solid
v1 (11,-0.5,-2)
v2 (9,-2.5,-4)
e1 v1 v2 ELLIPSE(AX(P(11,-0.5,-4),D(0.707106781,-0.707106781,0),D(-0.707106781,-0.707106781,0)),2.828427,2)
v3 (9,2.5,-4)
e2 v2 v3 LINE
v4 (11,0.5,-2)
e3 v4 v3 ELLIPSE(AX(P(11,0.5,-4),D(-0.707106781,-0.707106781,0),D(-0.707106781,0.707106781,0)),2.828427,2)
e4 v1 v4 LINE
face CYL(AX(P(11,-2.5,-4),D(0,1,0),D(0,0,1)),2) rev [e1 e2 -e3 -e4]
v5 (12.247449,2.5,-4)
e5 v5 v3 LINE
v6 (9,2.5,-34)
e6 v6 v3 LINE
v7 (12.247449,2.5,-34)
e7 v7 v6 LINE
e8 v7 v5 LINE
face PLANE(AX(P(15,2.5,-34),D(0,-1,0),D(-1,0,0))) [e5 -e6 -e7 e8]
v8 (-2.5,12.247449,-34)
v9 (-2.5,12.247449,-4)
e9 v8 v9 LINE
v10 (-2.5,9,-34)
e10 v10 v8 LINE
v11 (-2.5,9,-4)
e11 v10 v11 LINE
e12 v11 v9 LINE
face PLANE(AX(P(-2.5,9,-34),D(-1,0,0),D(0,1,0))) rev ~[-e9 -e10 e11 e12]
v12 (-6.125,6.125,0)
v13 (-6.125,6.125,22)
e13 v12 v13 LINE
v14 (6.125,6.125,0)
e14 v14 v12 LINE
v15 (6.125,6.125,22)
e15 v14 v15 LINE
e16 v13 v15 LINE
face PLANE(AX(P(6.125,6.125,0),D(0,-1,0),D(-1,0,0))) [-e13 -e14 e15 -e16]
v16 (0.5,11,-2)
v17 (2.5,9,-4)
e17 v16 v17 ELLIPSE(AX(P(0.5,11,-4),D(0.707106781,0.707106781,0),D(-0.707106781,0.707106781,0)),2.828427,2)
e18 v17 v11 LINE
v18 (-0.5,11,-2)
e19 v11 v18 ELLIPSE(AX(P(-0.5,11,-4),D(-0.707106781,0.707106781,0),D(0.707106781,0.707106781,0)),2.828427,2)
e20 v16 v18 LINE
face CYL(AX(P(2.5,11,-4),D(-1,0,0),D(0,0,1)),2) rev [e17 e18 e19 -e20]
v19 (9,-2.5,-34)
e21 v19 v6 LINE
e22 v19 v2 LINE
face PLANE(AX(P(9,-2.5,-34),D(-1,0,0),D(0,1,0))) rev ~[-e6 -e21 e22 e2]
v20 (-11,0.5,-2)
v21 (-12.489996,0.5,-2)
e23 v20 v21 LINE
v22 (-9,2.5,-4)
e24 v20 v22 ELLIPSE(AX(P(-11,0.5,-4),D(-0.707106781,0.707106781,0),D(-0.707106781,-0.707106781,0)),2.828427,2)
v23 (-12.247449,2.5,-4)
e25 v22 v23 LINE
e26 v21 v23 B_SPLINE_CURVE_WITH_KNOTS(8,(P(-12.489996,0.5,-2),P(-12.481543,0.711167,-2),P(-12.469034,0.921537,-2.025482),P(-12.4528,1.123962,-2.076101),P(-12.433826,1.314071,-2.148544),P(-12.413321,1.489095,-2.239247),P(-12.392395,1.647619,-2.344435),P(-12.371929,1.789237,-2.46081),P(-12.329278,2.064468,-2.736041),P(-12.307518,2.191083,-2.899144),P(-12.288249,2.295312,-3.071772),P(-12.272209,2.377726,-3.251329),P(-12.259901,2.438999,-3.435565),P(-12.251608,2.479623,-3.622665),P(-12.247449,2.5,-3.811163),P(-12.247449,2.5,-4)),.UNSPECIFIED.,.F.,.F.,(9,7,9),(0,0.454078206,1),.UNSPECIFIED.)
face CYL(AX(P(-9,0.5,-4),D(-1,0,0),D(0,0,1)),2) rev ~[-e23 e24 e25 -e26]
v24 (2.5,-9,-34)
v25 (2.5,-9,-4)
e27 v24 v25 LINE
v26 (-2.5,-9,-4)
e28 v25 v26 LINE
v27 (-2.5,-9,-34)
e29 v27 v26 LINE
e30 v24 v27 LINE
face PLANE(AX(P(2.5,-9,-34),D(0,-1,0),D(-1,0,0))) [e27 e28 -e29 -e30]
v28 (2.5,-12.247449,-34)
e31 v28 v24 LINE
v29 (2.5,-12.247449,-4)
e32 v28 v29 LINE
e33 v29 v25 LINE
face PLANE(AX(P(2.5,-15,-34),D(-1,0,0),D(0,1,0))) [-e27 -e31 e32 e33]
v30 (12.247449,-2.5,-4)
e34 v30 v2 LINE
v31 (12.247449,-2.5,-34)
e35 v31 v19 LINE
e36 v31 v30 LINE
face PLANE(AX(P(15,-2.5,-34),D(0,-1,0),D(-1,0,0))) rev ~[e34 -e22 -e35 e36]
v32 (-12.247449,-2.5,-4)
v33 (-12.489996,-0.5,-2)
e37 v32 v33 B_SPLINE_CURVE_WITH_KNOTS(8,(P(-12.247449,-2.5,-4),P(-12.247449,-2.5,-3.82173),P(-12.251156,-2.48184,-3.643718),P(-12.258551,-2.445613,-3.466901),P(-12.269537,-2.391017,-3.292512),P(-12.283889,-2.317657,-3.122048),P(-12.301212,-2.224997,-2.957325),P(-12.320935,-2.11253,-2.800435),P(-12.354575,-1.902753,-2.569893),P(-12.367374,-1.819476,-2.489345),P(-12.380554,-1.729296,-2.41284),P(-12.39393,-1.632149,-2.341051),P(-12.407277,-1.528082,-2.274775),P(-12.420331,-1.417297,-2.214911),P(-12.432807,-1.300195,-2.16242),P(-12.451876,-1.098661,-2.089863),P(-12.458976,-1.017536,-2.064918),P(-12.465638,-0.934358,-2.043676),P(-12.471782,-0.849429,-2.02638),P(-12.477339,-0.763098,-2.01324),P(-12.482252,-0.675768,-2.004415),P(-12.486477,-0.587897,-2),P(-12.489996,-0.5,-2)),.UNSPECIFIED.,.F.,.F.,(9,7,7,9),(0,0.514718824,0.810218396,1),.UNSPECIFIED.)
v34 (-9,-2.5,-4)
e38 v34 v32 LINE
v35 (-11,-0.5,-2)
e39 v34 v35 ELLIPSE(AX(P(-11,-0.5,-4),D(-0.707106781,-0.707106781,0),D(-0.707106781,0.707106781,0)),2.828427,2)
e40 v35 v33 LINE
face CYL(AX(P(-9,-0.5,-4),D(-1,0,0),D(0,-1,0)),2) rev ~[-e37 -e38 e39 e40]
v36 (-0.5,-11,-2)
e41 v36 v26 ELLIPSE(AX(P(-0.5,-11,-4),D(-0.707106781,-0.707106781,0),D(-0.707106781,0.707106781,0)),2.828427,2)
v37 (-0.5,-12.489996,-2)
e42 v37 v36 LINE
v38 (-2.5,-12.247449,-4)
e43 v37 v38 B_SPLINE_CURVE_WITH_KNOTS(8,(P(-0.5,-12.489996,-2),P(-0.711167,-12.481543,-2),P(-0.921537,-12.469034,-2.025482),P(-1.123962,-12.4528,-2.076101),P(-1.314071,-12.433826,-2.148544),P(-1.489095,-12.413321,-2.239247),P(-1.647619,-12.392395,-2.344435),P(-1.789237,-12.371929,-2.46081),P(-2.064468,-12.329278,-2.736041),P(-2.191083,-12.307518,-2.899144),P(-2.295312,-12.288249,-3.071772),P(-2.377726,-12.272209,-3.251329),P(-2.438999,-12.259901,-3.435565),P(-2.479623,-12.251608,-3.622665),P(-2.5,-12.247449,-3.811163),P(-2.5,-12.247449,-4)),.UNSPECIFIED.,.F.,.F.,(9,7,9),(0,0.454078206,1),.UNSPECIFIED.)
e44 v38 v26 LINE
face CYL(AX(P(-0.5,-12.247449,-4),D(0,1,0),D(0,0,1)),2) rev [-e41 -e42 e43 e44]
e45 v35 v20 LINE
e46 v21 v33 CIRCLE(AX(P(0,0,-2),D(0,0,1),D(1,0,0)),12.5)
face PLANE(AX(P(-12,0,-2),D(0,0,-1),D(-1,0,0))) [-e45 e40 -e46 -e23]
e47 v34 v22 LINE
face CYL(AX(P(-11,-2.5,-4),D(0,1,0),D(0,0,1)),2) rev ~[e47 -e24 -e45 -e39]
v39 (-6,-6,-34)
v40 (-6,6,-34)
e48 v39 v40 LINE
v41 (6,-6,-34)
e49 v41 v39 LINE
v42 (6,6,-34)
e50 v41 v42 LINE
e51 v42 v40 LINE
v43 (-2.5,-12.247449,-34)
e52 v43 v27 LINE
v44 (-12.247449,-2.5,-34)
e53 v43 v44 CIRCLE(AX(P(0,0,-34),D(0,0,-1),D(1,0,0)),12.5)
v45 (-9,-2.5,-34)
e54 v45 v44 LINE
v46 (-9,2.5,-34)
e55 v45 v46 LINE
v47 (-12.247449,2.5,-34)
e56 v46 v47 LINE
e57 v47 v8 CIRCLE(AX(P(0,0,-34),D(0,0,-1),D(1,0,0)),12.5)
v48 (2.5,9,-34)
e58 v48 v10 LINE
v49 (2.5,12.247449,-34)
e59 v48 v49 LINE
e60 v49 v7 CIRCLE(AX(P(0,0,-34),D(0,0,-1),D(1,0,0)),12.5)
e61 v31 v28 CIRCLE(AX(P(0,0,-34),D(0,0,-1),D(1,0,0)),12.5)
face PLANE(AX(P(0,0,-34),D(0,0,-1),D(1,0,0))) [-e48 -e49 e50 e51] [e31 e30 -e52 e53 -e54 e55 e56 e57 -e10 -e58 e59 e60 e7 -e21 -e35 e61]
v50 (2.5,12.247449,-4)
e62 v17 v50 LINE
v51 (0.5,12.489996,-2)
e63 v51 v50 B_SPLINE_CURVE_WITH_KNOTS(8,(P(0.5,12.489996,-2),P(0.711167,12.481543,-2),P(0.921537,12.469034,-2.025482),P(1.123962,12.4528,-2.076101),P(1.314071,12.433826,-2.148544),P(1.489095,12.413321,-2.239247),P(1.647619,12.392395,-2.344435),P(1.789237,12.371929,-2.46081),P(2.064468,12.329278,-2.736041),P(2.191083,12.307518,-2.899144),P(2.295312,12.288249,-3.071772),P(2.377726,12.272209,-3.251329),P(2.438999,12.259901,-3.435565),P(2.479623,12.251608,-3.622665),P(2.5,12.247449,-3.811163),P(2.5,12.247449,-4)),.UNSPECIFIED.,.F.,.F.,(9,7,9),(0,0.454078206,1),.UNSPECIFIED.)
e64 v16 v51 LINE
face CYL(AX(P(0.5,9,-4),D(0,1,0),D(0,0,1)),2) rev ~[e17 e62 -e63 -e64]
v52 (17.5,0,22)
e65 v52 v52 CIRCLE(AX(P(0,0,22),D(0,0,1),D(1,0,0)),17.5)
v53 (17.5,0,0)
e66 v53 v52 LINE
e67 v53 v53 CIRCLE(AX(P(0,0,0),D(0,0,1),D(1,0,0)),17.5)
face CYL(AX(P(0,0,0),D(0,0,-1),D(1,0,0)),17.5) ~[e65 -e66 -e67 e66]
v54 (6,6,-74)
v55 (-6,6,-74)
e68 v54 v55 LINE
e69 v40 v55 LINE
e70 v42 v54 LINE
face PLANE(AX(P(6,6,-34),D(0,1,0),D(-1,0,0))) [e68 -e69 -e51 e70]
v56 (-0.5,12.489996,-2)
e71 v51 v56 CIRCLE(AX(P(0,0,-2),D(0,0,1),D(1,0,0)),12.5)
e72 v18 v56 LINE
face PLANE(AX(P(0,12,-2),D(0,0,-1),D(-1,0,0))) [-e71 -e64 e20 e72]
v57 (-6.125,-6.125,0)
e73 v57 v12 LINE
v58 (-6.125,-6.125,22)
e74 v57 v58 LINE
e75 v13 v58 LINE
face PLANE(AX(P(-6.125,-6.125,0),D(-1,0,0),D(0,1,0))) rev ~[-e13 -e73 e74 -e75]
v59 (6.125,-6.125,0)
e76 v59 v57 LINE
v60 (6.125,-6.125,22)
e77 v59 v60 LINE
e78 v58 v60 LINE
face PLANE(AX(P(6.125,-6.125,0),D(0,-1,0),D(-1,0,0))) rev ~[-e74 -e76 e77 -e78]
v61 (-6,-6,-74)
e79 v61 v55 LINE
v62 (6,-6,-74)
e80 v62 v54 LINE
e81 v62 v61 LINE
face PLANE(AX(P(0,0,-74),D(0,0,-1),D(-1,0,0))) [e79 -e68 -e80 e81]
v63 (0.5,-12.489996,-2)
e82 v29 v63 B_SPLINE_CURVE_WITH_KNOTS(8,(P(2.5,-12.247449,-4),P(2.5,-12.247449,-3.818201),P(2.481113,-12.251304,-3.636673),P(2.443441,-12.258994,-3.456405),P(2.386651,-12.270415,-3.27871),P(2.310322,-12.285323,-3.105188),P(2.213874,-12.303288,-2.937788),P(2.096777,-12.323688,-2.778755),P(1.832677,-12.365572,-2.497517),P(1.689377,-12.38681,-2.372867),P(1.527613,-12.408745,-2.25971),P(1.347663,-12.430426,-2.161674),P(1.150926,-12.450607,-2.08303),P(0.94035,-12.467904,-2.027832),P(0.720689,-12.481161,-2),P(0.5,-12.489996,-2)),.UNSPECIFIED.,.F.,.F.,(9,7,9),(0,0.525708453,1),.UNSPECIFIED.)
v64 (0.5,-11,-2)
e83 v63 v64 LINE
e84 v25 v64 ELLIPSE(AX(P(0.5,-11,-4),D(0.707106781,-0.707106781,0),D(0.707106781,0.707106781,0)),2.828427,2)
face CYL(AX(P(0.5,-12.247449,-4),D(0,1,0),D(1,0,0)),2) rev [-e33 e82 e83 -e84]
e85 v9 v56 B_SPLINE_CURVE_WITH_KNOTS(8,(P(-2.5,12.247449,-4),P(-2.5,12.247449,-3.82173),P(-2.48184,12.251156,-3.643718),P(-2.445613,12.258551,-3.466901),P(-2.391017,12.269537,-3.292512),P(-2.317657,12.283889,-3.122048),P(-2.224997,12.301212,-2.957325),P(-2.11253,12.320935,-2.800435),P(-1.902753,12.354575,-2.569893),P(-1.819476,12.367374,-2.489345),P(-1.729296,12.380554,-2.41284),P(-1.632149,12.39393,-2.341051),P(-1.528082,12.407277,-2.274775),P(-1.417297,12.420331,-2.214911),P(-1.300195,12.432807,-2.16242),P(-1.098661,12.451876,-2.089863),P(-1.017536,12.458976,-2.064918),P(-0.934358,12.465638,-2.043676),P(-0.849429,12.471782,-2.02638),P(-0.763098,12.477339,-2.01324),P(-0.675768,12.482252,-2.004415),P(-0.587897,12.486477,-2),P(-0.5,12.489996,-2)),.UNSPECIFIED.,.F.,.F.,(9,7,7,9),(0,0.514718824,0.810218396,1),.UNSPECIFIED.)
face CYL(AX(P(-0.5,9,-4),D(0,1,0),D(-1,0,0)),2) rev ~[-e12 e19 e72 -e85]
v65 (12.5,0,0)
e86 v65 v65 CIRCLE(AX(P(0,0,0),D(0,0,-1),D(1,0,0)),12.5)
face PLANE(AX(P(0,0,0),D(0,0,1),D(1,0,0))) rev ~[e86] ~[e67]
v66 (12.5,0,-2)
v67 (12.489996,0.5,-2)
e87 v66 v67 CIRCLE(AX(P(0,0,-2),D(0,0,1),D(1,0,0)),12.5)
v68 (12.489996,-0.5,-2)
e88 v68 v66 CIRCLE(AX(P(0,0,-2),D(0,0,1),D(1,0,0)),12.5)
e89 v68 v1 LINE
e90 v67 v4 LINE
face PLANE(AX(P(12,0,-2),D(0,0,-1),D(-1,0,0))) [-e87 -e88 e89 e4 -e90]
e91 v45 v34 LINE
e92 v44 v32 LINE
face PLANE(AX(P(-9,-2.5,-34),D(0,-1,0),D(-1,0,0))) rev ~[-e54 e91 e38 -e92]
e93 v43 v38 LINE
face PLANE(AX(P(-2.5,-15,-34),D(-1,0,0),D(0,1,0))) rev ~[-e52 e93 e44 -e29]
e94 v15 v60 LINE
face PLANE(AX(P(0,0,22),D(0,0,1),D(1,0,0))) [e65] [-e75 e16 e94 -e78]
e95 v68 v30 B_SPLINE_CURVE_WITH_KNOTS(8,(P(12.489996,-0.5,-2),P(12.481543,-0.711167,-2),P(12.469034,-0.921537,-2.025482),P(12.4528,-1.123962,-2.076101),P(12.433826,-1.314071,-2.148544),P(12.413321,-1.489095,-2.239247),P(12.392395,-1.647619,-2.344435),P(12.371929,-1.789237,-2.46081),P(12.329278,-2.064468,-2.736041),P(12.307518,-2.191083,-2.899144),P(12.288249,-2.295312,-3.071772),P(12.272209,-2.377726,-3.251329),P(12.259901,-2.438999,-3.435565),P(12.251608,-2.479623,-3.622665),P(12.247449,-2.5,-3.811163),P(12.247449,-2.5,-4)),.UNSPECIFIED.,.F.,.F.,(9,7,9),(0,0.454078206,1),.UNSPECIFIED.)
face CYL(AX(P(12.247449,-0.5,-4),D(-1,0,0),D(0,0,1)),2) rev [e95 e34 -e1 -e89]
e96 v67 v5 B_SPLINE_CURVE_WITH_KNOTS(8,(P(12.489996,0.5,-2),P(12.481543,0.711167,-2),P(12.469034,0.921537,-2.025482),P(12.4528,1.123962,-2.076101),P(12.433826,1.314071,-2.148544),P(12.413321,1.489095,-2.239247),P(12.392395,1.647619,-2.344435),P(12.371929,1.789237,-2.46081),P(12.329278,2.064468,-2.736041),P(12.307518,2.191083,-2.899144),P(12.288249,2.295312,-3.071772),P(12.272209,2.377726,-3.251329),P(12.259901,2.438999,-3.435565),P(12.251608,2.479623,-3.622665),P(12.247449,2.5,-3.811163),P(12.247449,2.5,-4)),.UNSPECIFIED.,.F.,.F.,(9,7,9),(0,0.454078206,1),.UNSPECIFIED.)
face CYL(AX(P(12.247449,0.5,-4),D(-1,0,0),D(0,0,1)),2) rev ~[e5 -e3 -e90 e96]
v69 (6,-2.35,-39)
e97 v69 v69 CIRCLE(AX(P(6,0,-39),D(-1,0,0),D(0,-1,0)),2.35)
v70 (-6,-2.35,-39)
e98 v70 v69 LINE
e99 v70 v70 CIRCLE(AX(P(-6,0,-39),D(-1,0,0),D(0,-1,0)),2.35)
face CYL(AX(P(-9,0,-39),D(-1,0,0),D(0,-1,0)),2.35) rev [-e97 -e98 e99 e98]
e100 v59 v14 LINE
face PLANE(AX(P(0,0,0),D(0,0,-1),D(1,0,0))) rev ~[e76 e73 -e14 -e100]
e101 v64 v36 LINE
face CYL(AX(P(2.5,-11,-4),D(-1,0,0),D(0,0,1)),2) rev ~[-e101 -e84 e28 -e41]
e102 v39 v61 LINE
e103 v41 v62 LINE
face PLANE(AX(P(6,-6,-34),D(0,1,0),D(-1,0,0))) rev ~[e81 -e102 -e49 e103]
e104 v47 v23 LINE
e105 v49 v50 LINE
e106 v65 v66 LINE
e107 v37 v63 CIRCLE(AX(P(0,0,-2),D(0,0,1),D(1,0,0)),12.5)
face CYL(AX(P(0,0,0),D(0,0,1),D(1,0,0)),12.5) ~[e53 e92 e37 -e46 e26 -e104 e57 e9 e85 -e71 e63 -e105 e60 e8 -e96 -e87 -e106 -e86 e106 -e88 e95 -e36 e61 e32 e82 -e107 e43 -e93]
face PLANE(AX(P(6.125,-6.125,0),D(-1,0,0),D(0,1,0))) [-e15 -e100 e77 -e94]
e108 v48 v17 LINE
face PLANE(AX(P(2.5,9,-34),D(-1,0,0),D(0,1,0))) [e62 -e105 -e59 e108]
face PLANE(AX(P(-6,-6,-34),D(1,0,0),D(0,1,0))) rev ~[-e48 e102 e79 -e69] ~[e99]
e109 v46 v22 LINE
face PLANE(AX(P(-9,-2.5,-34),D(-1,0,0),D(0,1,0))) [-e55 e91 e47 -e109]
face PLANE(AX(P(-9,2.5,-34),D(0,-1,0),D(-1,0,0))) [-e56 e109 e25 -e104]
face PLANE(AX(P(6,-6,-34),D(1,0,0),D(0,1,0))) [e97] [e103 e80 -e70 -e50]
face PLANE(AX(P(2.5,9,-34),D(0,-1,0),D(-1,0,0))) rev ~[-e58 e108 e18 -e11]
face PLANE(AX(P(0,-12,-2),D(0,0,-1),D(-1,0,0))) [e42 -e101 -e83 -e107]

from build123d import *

# Parameters (mm, degrees)
ESBO_O1_R                  = 17.5
RESSALTO_EXTRUS_O1_DEPTH   = 22
ESBO_O2_W                  = 12.25
ESBO_O2_H                  = 12.25
CORTE_EXTRUS_O1_DEPTH      = 25
ESBO_O3_R                  = 12.5
RESSALTO_EXTRUS_O2_DEPTH   = 34
ESBO_O4_W                  = 5
ESBO_O4_H                  = 6
ESBO_O4_W_2                = 6
ESBO_O4_H_2                = 5
CORTE_EXTRUS_O2_DEPTH      = 32
FILETE2_R                  = 2
FILETE3_R                  = 2
FILETE4_R                  = 2
FILETE5_R                  = 2
ESBO_O5_W                  = 12
ESBO_O5_H                  = 12
RESSALTO_EXTRUS_O3_DEPTH   = 40
CORTE_EXTRUS_O3_DEPTH      = 14
CORTE_EXTRUS_O3_DEPTH_BACK = 15
ESBO_O6_R                  = 2.35


with BuildPart() as part:
    # Esboço1 → Ressalto-extrusão1 (new body)
    with BuildSketch(Plane.XY):
        Circle(ESBO_O1_R)
    extrude(amount=RESSALTO_EXTRUS_O1_DEPTH)

    # Esboço2 → Corte-extrusão1 (cut)
    with BuildSketch(Plane(origin=(0, 0, 0), x_dir=(-1, 0, 0), z_dir=(0, 0, -1))):
        Rectangle(ESBO_O2_W, ESBO_O2_H)
    extrude(amount=-CORTE_EXTRUS_O1_DEPTH, mode=Mode.SUBTRACT)

    # Esboço3 → Ressalto-extrusão2 (add)
    with BuildSketch(Plane(origin=(0, 0, 0), x_dir=(-1, 0, 0), z_dir=(0, 0, -1))):
        with Locations(Location((0, 0, 0), (0, 0, 180))):
            Circle(ESBO_O3_R)
    extrude(amount=RESSALTO_EXTRUS_O2_DEPTH)

    # Esboço4 → Corte-extrusão2 (cut)
    with BuildSketch(Plane(origin=(0, 0, -34), x_dir=(-1, 0, 0), z_dir=(0, 0, -1))):
        with Locations((0, -12)):
            Rectangle(ESBO_O4_W, ESBO_O4_H)
        with Locations((0, 12)):
            Rectangle(ESBO_O4_W, ESBO_O4_H)
        with Locations((12, 0)):
            Rectangle(ESBO_O4_W_2, ESBO_O4_H_2)
        with Locations((-12, 0)):
            Rectangle(ESBO_O4_W_2, ESBO_O4_H_2)
    extrude(amount=-CORTE_EXTRUS_O2_DEPTH, mode=Mode.SUBTRACT)

    # Filete2
    filete2_edges = [part.edges().sort_by_distance(p)[0] for p in [
        (10.623724357, 2.5, -2),
        (10.623724357, -2.5, -2),
        (9, 0, -2),
    ]]
    fillet(filete2_edges, radius=FILETE2_R)

    # Filete3
    filete3_edges = [part.edges().sort_by_distance(p)[0] for p in [
        (2.5, -10.623724357, -2),
        (-2.5, -10.623724357, -2),
        (0, -9, -2),
    ]]
    fillet(filete3_edges, radius=FILETE3_R)

    # Filete4
    filete4_edges = [part.edges().sort_by_distance(p)[0] for p in [
        (-10.623724357, 2.5, -2),
        (-10.623724357, -2.5, -2),
        (-9, 0, -2),
    ]]
    fillet(filete4_edges, radius=FILETE4_R)

    # Filete5
    filete5_edges = [part.edges().sort_by_distance(p)[0] for p in [
        (2.5, 10.623724357, -2),
        (-2.5, 10.623724357, -2),
        (0, 9, -2),
    ]]
    fillet(filete5_edges, radius=FILETE5_R)

    # Esboço5 → Ressalto-extrusão3 (add)
    with BuildSketch(Plane(origin=(0, 0, -34), x_dir=(-1, 0, 0), z_dir=(0, 0, -1))):
        Rectangle(ESBO_O5_W, ESBO_O5_H)
    extrude(amount=RESSALTO_EXTRUS_O3_DEPTH)

    # Esboço6 → Corte-extrusão3 (cut, two sides: drawn at the far end of the back side and taken through both)
    with BuildSketch(Plane(origin=(6, 0, 0), x_dir=(0, 0, -1), z_dir=(1, 0, 0)).offset(-CORTE_EXTRUS_O3_DEPTH_BACK)):
        with Locations(Location((39, 0, 0), (0, 0, 270))):
            Circle(ESBO_O6_R)
    extrude(amount=CORTE_EXTRUS_O3_DEPTH + CORTE_EXTRUS_O3_DEPTH_BACK, mode=Mode.SUBTRACT)


solid = part.part
